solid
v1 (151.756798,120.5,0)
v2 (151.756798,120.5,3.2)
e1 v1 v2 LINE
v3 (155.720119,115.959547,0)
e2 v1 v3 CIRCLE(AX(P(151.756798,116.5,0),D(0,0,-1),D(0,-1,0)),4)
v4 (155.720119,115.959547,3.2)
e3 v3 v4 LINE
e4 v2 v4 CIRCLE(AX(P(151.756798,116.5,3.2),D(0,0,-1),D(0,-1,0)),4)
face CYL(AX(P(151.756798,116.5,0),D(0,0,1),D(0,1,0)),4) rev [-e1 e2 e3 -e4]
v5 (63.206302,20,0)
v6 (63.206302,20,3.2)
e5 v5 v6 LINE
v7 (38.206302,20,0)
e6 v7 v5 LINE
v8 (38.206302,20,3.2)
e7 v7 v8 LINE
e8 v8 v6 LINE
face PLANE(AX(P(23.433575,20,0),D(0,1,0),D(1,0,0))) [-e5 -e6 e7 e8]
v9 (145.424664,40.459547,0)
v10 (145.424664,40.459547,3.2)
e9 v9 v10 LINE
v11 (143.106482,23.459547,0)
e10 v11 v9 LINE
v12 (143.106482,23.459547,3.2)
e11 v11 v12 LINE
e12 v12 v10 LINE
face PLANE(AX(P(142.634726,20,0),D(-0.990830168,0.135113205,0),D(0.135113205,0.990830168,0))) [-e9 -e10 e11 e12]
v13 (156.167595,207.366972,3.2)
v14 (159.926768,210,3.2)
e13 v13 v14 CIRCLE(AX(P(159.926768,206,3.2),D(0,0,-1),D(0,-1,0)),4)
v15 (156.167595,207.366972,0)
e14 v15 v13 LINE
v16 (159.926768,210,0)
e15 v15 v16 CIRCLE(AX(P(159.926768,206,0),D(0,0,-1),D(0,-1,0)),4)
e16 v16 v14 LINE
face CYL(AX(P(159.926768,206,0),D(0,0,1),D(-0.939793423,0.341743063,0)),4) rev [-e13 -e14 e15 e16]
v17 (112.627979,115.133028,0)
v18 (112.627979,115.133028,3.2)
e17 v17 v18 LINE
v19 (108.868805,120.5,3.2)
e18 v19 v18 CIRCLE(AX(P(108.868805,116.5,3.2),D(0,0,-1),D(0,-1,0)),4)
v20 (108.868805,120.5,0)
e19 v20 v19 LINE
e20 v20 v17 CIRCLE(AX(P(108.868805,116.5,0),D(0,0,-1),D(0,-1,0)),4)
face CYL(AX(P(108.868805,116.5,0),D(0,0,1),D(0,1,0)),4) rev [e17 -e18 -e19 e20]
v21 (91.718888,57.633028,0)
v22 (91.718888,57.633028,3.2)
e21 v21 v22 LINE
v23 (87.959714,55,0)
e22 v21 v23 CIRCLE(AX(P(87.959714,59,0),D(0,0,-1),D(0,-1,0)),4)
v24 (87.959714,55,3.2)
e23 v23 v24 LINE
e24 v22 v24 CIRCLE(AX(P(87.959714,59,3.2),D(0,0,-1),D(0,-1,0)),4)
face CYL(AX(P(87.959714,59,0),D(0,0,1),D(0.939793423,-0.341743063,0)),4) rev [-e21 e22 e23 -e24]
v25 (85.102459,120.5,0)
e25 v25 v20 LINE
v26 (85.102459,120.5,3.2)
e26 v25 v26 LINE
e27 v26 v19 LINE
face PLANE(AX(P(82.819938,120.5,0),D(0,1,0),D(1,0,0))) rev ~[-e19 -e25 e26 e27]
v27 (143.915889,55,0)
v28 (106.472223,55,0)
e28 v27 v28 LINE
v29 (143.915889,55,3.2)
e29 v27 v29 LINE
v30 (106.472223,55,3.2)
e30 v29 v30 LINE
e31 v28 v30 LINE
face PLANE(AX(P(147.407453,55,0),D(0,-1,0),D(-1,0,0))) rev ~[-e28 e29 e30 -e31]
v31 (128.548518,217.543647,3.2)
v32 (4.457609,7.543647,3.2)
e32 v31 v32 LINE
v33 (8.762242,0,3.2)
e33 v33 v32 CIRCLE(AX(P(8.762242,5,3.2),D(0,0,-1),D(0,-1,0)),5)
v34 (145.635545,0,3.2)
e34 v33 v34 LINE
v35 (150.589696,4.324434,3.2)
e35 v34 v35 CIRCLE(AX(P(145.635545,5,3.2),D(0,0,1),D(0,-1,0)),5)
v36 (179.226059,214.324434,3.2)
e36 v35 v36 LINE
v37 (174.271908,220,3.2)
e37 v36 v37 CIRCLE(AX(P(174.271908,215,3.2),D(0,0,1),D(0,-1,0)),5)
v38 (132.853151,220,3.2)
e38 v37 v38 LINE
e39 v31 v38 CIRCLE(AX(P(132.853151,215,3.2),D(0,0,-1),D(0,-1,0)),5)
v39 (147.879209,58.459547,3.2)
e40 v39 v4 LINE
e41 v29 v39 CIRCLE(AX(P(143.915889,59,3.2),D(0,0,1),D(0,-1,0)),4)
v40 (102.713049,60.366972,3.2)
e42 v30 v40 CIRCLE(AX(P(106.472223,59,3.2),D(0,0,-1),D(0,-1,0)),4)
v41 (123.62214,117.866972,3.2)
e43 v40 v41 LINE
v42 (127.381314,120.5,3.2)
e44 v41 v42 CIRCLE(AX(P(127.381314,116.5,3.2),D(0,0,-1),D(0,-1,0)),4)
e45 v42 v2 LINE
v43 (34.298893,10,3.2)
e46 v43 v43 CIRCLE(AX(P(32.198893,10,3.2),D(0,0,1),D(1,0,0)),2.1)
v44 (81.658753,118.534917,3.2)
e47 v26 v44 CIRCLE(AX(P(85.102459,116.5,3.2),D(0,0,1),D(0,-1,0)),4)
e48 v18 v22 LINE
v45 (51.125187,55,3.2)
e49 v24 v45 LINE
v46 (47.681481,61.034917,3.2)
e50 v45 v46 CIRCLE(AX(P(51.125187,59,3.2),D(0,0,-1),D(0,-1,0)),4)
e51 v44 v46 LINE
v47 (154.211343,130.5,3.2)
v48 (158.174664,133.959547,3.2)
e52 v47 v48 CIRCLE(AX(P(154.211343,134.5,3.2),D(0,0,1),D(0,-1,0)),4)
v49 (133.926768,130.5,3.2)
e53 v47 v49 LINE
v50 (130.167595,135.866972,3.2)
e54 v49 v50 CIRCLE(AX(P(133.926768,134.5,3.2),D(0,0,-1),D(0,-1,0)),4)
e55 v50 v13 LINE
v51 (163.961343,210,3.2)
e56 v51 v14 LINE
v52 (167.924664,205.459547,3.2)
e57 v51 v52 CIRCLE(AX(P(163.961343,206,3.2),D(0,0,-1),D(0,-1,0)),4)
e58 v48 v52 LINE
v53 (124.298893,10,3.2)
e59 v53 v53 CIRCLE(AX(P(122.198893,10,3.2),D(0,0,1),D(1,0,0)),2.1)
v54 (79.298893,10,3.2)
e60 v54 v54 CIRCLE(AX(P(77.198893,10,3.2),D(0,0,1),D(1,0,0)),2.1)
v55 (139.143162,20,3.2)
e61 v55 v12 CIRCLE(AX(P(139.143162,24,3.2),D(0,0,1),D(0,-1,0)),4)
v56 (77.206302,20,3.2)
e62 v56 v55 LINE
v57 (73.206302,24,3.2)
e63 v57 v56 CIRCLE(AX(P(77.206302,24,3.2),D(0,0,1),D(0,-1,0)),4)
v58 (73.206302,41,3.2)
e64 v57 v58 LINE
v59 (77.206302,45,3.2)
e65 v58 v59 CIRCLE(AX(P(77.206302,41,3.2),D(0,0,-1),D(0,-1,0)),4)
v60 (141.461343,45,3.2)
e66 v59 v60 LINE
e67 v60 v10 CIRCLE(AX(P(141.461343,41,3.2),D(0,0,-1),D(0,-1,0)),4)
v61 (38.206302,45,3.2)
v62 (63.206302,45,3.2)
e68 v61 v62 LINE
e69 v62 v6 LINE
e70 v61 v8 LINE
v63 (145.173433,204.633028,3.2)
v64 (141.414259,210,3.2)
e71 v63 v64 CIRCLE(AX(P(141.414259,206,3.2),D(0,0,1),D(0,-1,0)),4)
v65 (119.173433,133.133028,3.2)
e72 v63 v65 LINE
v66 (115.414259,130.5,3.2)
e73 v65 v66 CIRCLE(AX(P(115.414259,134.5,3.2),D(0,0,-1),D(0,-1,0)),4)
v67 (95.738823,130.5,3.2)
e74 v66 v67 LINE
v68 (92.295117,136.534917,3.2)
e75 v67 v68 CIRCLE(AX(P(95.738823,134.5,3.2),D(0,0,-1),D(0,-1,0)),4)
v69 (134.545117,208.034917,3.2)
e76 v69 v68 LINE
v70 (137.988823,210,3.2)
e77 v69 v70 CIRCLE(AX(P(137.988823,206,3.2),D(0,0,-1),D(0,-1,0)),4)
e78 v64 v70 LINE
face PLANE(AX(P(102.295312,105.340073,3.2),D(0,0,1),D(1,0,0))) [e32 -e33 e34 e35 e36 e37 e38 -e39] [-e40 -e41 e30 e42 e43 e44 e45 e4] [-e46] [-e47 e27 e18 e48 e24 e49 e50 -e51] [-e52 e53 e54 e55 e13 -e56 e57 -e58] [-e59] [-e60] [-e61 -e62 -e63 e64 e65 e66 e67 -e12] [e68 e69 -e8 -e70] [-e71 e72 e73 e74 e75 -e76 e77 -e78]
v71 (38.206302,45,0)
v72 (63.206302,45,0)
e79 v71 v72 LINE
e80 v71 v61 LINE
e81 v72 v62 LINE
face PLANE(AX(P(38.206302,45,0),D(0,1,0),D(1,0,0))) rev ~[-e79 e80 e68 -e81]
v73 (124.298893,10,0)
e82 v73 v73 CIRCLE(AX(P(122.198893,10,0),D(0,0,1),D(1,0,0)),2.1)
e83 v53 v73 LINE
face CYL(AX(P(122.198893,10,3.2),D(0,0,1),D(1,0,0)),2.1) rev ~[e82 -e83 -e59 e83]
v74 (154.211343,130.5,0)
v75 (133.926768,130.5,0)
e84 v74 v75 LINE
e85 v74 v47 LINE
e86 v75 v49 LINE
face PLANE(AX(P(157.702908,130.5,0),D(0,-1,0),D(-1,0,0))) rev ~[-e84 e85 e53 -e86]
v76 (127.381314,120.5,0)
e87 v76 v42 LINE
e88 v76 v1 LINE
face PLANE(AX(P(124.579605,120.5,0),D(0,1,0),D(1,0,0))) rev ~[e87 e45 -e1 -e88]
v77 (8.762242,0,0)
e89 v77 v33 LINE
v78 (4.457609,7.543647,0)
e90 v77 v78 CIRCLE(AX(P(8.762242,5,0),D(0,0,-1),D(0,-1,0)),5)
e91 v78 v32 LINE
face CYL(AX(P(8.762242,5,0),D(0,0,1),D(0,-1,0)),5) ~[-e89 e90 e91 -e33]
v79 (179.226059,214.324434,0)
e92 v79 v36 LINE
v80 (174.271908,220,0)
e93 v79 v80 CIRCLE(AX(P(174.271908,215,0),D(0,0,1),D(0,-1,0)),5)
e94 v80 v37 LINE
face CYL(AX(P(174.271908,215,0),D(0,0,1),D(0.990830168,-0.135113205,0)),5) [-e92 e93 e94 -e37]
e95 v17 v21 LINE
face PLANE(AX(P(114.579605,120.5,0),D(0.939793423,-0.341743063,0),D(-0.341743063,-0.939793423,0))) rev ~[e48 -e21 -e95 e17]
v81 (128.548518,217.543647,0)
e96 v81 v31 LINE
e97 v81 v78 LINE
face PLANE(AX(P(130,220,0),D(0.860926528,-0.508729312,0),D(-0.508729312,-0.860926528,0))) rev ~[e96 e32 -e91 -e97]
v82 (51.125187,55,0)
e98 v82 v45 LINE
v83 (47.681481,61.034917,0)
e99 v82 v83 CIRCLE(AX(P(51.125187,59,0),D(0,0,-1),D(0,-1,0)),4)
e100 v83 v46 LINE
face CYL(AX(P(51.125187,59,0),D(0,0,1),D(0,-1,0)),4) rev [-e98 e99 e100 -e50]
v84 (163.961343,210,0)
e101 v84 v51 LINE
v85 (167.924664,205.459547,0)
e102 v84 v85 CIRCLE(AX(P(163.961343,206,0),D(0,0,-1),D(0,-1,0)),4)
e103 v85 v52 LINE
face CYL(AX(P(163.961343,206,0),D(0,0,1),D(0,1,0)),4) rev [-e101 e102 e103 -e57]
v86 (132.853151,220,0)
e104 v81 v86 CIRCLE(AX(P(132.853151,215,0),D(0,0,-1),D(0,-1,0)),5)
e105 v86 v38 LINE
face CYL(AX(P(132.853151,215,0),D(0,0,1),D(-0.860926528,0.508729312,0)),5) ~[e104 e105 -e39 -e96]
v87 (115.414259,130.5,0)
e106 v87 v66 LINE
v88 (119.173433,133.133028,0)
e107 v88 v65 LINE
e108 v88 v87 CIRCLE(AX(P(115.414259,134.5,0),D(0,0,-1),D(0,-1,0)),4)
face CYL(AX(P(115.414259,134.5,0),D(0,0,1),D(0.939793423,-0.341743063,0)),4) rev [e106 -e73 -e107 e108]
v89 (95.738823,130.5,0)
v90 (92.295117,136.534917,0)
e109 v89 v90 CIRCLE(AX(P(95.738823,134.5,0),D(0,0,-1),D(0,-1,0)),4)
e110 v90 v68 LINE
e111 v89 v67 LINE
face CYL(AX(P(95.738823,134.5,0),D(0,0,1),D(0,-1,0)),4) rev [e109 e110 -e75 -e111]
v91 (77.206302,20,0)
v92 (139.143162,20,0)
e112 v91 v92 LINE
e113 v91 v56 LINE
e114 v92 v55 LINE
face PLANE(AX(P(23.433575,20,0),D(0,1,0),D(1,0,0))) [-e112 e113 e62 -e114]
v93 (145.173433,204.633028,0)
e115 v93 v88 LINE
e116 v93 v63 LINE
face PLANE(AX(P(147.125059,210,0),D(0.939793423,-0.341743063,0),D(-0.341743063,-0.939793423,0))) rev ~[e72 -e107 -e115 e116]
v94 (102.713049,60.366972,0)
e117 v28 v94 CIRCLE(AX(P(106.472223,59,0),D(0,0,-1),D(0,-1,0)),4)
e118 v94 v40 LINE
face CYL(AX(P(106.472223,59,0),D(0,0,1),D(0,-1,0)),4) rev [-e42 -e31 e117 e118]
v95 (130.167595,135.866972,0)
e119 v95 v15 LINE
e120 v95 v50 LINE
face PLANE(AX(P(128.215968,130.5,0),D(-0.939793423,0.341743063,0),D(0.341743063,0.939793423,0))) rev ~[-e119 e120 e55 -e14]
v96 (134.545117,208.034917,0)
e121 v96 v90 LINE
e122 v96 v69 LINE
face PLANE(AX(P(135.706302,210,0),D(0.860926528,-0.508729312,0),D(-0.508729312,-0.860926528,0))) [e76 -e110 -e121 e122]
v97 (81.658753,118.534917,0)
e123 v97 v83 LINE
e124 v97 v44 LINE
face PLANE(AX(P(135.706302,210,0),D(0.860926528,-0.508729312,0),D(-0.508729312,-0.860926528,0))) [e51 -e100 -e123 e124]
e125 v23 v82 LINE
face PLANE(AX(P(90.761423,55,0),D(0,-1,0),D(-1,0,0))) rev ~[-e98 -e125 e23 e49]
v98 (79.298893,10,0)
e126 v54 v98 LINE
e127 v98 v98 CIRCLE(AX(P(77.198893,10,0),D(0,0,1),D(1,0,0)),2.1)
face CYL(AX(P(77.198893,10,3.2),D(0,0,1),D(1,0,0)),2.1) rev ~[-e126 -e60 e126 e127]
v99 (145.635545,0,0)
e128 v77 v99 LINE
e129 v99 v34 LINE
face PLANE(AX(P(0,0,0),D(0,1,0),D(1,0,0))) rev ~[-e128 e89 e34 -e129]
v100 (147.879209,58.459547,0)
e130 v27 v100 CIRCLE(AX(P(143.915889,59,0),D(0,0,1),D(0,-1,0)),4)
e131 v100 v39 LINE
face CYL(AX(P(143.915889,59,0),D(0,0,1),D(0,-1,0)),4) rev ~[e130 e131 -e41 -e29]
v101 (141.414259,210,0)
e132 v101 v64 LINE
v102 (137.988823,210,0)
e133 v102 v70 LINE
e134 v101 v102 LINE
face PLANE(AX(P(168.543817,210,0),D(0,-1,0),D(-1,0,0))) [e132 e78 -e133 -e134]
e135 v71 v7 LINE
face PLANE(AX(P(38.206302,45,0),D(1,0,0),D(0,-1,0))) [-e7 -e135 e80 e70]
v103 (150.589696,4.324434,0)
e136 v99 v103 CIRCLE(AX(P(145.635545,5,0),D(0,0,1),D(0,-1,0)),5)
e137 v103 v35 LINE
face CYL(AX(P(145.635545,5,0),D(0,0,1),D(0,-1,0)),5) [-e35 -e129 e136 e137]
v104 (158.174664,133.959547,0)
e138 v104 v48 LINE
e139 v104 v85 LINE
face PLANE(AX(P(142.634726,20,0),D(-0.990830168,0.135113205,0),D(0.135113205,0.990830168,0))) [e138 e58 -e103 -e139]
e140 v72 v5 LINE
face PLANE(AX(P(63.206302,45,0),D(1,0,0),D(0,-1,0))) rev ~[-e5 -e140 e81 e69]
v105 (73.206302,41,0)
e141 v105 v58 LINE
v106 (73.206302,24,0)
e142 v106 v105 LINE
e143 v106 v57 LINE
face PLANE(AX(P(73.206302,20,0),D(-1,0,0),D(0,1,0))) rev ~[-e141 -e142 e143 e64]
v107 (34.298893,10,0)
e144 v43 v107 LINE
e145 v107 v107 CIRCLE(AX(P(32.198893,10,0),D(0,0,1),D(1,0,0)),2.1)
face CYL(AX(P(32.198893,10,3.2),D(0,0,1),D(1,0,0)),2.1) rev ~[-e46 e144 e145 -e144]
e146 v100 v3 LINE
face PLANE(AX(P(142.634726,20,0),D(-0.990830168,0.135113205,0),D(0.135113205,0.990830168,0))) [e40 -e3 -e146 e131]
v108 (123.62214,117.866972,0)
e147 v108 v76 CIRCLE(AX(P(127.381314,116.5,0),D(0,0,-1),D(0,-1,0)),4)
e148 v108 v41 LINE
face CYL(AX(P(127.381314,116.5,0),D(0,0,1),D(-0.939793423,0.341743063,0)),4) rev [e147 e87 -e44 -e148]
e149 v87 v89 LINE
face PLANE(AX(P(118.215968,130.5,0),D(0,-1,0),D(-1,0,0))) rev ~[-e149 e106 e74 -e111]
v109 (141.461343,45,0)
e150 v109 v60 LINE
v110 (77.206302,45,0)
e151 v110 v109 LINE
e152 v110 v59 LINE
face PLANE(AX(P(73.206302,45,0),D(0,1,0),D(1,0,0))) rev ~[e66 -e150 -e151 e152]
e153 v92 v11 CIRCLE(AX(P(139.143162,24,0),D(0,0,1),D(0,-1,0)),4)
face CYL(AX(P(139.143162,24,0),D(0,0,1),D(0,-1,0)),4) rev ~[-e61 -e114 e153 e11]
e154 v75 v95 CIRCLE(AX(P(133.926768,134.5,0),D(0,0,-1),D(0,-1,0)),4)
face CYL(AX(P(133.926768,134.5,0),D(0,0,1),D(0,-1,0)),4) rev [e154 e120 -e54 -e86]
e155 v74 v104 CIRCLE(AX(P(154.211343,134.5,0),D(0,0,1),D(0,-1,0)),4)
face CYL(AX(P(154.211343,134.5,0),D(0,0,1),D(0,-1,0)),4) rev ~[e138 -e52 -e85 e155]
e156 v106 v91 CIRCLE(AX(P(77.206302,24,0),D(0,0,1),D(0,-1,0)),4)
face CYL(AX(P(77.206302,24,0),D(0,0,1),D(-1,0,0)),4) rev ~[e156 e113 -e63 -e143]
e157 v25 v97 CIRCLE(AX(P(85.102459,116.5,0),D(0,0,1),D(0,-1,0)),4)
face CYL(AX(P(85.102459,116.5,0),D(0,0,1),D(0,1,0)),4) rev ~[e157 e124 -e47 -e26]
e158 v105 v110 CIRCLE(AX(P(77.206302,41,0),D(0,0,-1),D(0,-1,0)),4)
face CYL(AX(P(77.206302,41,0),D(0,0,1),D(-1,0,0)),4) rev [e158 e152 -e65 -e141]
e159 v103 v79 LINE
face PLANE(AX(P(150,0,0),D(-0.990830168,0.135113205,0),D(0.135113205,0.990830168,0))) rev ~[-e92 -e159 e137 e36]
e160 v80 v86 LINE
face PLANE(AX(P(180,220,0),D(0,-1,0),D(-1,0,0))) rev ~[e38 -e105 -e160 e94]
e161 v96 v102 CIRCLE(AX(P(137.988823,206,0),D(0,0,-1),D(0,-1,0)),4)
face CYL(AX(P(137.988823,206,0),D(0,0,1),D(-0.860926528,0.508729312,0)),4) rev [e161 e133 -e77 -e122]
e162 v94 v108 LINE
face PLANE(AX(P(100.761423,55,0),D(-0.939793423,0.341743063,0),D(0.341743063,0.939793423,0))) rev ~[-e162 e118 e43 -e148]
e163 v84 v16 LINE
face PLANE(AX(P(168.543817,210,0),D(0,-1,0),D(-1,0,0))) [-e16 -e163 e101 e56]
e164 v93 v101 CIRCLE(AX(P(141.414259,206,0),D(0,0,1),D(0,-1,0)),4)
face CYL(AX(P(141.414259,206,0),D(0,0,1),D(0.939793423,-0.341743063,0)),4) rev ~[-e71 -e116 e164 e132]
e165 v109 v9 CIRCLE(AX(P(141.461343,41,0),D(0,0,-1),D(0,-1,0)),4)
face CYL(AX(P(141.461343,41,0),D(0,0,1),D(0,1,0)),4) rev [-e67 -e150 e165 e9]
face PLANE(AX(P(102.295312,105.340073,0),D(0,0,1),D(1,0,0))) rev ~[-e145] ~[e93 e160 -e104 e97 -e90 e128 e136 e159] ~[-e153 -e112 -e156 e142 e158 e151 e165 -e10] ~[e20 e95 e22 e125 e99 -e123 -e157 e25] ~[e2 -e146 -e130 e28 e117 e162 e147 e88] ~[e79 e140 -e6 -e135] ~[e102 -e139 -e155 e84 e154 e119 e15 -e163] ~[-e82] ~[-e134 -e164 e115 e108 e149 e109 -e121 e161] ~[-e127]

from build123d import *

# Parameters (mm, degrees)
EXTRUDE_1_DEPTH            = 3.2
FILLET_1_R                 = 5
SKETCH_2_R                 = 2.1
CUT_EXTRUDE_1_DEPTH        = 3.2
PATTERN_LINEAR_1_COUNT     = 2
PATTERN_LINEAR_1_PITCH     = 45
PATTERN_LINEAR_1_COL_COUNT = 2
PATTERN_LINEAR_1_COL_PITCH = 45
EXTRUDE_2_DEPTH            = 3.2
FILLET_2_R                 = 4


with BuildPart() as part:
    # Эскиз1 → Бобышка-Вытянуть1 (new body)
    with BuildSketch(Plane.XY):
        Polygon((0, 0), (150, 0), (180, 220), (130, 220), align=None)
        Polygon((135.706302127, 210), (23.433574854, 20), (142.634725768, 20), (168.543816677, 210), align=None, mode=Mode.SUBTRACT)
    extrude(amount=EXTRUDE_1_DEPTH)

    # Скругление1
    fillet_1_edges = [part.edges().sort_by_distance(p)[0] for p in [
        (130, 220, 1.6),
        (180, 220, 1.6),
        (150, 0, 1.6),
        (0, 0, 1.6),
    ]]
    fillet(fillet_1_edges, radius=FILLET_1_R)

    # Эскиз2 → Вырез-Вытянуть1 (cut)
    with BuildSketch(Plane.XY.offset(3.2)):
        with Locations((77.198893337, 10)):
            Circle(SKETCH_2_R)
    cut_extrude_1 = extrude(amount=-CUT_EXTRUDE_1_DEPTH, mode=Mode.SUBTRACT)

    # Линейный массив1: Вырез-Вытянуть1 ×2
    with Locations(*[(i * PATTERN_LINEAR_1_PITCH, 0, 0) for i in range(1, PATTERN_LINEAR_1_COUNT)]):
        add(cut_extrude_1, mode=Mode.SUBTRACT)

    # Линейный массив1 col: Вырез-Вытянуть1 ×2
    with Locations(*[(-i * PATTERN_LINEAR_1_COL_PITCH, 0, 0) for i in range(1, PATTERN_LINEAR_1_COL_COUNT)]):
        add(cut_extrude_1, mode=Mode.SUBTRACT)

    # Эскиз4 → Бобышка-Вытянуть2 (add)
    with BuildSketch(Plane.XY):
        Polygon((44.115393036, 55), (38.206302127, 45), (63.206302127, 45), (63.206302127, 20), (73.206302127, 20), (73.206302127, 45), (92.125059402, 45), (152.125059402, 210), (147.125059402, 210), (118.215968493, 130.5), (88.729029399, 130.5), (82.81993849, 120.5), (114.579604856, 120.5), (90.761423038, 55), align=None)
        Polygon((152.125059402, 210), (92.125059402, 45), (146.043816677, 45), (147.40745304, 55), (100.761423038, 55), (124.579604856, 120.5), (156.339271222, 120.5), (157.702907586, 130.5), (128.215968493, 130.5), (157.125059402, 210), align=None)
        Polygon((38.206302127, 45), (38.206302127, 20), (23.433574854, 20), align=None)
    extrude(amount=EXTRUDE_2_DEPTH)

    # Скругление2
    fillet_2_edges = [part.edges().sort_by_distance(p)[0] for p in [
        (147.125059402, 210, 1.6),
        (118.215968493, 130.5, 1.6),
        (88.729029399, 130.5, 1.6),
        (82.81993849, 120.5, 1.6),
        (114.579604856, 120.5, 1.6),
        (90.761423038, 55, 1.6),
        (44.115393036, 55, 1.6),
        (73.206302127, 20, 1.6),
        (168.543816677, 210, 1.6),
        (135.706302127, 210, 1.6),
        (142.634725768, 20, 1.6),
        (73.206302127, 45, 1.6),
        (146.043816677, 45, 1.6),
        (147.40745304, 55, 1.6),
        (100.761423038, 55, 1.6),
        (124.579604856, 120.5, 1.6),
        (156.339271222, 120.5, 1.6),
        (157.702907586, 130.5, 1.6),
        (128.215968493, 130.5, 1.6),
        (157.125059402, 210, 1.6),
    ]]
    fillet(fillet_2_edges, radius=FILLET_2_R)


solid = part.part
